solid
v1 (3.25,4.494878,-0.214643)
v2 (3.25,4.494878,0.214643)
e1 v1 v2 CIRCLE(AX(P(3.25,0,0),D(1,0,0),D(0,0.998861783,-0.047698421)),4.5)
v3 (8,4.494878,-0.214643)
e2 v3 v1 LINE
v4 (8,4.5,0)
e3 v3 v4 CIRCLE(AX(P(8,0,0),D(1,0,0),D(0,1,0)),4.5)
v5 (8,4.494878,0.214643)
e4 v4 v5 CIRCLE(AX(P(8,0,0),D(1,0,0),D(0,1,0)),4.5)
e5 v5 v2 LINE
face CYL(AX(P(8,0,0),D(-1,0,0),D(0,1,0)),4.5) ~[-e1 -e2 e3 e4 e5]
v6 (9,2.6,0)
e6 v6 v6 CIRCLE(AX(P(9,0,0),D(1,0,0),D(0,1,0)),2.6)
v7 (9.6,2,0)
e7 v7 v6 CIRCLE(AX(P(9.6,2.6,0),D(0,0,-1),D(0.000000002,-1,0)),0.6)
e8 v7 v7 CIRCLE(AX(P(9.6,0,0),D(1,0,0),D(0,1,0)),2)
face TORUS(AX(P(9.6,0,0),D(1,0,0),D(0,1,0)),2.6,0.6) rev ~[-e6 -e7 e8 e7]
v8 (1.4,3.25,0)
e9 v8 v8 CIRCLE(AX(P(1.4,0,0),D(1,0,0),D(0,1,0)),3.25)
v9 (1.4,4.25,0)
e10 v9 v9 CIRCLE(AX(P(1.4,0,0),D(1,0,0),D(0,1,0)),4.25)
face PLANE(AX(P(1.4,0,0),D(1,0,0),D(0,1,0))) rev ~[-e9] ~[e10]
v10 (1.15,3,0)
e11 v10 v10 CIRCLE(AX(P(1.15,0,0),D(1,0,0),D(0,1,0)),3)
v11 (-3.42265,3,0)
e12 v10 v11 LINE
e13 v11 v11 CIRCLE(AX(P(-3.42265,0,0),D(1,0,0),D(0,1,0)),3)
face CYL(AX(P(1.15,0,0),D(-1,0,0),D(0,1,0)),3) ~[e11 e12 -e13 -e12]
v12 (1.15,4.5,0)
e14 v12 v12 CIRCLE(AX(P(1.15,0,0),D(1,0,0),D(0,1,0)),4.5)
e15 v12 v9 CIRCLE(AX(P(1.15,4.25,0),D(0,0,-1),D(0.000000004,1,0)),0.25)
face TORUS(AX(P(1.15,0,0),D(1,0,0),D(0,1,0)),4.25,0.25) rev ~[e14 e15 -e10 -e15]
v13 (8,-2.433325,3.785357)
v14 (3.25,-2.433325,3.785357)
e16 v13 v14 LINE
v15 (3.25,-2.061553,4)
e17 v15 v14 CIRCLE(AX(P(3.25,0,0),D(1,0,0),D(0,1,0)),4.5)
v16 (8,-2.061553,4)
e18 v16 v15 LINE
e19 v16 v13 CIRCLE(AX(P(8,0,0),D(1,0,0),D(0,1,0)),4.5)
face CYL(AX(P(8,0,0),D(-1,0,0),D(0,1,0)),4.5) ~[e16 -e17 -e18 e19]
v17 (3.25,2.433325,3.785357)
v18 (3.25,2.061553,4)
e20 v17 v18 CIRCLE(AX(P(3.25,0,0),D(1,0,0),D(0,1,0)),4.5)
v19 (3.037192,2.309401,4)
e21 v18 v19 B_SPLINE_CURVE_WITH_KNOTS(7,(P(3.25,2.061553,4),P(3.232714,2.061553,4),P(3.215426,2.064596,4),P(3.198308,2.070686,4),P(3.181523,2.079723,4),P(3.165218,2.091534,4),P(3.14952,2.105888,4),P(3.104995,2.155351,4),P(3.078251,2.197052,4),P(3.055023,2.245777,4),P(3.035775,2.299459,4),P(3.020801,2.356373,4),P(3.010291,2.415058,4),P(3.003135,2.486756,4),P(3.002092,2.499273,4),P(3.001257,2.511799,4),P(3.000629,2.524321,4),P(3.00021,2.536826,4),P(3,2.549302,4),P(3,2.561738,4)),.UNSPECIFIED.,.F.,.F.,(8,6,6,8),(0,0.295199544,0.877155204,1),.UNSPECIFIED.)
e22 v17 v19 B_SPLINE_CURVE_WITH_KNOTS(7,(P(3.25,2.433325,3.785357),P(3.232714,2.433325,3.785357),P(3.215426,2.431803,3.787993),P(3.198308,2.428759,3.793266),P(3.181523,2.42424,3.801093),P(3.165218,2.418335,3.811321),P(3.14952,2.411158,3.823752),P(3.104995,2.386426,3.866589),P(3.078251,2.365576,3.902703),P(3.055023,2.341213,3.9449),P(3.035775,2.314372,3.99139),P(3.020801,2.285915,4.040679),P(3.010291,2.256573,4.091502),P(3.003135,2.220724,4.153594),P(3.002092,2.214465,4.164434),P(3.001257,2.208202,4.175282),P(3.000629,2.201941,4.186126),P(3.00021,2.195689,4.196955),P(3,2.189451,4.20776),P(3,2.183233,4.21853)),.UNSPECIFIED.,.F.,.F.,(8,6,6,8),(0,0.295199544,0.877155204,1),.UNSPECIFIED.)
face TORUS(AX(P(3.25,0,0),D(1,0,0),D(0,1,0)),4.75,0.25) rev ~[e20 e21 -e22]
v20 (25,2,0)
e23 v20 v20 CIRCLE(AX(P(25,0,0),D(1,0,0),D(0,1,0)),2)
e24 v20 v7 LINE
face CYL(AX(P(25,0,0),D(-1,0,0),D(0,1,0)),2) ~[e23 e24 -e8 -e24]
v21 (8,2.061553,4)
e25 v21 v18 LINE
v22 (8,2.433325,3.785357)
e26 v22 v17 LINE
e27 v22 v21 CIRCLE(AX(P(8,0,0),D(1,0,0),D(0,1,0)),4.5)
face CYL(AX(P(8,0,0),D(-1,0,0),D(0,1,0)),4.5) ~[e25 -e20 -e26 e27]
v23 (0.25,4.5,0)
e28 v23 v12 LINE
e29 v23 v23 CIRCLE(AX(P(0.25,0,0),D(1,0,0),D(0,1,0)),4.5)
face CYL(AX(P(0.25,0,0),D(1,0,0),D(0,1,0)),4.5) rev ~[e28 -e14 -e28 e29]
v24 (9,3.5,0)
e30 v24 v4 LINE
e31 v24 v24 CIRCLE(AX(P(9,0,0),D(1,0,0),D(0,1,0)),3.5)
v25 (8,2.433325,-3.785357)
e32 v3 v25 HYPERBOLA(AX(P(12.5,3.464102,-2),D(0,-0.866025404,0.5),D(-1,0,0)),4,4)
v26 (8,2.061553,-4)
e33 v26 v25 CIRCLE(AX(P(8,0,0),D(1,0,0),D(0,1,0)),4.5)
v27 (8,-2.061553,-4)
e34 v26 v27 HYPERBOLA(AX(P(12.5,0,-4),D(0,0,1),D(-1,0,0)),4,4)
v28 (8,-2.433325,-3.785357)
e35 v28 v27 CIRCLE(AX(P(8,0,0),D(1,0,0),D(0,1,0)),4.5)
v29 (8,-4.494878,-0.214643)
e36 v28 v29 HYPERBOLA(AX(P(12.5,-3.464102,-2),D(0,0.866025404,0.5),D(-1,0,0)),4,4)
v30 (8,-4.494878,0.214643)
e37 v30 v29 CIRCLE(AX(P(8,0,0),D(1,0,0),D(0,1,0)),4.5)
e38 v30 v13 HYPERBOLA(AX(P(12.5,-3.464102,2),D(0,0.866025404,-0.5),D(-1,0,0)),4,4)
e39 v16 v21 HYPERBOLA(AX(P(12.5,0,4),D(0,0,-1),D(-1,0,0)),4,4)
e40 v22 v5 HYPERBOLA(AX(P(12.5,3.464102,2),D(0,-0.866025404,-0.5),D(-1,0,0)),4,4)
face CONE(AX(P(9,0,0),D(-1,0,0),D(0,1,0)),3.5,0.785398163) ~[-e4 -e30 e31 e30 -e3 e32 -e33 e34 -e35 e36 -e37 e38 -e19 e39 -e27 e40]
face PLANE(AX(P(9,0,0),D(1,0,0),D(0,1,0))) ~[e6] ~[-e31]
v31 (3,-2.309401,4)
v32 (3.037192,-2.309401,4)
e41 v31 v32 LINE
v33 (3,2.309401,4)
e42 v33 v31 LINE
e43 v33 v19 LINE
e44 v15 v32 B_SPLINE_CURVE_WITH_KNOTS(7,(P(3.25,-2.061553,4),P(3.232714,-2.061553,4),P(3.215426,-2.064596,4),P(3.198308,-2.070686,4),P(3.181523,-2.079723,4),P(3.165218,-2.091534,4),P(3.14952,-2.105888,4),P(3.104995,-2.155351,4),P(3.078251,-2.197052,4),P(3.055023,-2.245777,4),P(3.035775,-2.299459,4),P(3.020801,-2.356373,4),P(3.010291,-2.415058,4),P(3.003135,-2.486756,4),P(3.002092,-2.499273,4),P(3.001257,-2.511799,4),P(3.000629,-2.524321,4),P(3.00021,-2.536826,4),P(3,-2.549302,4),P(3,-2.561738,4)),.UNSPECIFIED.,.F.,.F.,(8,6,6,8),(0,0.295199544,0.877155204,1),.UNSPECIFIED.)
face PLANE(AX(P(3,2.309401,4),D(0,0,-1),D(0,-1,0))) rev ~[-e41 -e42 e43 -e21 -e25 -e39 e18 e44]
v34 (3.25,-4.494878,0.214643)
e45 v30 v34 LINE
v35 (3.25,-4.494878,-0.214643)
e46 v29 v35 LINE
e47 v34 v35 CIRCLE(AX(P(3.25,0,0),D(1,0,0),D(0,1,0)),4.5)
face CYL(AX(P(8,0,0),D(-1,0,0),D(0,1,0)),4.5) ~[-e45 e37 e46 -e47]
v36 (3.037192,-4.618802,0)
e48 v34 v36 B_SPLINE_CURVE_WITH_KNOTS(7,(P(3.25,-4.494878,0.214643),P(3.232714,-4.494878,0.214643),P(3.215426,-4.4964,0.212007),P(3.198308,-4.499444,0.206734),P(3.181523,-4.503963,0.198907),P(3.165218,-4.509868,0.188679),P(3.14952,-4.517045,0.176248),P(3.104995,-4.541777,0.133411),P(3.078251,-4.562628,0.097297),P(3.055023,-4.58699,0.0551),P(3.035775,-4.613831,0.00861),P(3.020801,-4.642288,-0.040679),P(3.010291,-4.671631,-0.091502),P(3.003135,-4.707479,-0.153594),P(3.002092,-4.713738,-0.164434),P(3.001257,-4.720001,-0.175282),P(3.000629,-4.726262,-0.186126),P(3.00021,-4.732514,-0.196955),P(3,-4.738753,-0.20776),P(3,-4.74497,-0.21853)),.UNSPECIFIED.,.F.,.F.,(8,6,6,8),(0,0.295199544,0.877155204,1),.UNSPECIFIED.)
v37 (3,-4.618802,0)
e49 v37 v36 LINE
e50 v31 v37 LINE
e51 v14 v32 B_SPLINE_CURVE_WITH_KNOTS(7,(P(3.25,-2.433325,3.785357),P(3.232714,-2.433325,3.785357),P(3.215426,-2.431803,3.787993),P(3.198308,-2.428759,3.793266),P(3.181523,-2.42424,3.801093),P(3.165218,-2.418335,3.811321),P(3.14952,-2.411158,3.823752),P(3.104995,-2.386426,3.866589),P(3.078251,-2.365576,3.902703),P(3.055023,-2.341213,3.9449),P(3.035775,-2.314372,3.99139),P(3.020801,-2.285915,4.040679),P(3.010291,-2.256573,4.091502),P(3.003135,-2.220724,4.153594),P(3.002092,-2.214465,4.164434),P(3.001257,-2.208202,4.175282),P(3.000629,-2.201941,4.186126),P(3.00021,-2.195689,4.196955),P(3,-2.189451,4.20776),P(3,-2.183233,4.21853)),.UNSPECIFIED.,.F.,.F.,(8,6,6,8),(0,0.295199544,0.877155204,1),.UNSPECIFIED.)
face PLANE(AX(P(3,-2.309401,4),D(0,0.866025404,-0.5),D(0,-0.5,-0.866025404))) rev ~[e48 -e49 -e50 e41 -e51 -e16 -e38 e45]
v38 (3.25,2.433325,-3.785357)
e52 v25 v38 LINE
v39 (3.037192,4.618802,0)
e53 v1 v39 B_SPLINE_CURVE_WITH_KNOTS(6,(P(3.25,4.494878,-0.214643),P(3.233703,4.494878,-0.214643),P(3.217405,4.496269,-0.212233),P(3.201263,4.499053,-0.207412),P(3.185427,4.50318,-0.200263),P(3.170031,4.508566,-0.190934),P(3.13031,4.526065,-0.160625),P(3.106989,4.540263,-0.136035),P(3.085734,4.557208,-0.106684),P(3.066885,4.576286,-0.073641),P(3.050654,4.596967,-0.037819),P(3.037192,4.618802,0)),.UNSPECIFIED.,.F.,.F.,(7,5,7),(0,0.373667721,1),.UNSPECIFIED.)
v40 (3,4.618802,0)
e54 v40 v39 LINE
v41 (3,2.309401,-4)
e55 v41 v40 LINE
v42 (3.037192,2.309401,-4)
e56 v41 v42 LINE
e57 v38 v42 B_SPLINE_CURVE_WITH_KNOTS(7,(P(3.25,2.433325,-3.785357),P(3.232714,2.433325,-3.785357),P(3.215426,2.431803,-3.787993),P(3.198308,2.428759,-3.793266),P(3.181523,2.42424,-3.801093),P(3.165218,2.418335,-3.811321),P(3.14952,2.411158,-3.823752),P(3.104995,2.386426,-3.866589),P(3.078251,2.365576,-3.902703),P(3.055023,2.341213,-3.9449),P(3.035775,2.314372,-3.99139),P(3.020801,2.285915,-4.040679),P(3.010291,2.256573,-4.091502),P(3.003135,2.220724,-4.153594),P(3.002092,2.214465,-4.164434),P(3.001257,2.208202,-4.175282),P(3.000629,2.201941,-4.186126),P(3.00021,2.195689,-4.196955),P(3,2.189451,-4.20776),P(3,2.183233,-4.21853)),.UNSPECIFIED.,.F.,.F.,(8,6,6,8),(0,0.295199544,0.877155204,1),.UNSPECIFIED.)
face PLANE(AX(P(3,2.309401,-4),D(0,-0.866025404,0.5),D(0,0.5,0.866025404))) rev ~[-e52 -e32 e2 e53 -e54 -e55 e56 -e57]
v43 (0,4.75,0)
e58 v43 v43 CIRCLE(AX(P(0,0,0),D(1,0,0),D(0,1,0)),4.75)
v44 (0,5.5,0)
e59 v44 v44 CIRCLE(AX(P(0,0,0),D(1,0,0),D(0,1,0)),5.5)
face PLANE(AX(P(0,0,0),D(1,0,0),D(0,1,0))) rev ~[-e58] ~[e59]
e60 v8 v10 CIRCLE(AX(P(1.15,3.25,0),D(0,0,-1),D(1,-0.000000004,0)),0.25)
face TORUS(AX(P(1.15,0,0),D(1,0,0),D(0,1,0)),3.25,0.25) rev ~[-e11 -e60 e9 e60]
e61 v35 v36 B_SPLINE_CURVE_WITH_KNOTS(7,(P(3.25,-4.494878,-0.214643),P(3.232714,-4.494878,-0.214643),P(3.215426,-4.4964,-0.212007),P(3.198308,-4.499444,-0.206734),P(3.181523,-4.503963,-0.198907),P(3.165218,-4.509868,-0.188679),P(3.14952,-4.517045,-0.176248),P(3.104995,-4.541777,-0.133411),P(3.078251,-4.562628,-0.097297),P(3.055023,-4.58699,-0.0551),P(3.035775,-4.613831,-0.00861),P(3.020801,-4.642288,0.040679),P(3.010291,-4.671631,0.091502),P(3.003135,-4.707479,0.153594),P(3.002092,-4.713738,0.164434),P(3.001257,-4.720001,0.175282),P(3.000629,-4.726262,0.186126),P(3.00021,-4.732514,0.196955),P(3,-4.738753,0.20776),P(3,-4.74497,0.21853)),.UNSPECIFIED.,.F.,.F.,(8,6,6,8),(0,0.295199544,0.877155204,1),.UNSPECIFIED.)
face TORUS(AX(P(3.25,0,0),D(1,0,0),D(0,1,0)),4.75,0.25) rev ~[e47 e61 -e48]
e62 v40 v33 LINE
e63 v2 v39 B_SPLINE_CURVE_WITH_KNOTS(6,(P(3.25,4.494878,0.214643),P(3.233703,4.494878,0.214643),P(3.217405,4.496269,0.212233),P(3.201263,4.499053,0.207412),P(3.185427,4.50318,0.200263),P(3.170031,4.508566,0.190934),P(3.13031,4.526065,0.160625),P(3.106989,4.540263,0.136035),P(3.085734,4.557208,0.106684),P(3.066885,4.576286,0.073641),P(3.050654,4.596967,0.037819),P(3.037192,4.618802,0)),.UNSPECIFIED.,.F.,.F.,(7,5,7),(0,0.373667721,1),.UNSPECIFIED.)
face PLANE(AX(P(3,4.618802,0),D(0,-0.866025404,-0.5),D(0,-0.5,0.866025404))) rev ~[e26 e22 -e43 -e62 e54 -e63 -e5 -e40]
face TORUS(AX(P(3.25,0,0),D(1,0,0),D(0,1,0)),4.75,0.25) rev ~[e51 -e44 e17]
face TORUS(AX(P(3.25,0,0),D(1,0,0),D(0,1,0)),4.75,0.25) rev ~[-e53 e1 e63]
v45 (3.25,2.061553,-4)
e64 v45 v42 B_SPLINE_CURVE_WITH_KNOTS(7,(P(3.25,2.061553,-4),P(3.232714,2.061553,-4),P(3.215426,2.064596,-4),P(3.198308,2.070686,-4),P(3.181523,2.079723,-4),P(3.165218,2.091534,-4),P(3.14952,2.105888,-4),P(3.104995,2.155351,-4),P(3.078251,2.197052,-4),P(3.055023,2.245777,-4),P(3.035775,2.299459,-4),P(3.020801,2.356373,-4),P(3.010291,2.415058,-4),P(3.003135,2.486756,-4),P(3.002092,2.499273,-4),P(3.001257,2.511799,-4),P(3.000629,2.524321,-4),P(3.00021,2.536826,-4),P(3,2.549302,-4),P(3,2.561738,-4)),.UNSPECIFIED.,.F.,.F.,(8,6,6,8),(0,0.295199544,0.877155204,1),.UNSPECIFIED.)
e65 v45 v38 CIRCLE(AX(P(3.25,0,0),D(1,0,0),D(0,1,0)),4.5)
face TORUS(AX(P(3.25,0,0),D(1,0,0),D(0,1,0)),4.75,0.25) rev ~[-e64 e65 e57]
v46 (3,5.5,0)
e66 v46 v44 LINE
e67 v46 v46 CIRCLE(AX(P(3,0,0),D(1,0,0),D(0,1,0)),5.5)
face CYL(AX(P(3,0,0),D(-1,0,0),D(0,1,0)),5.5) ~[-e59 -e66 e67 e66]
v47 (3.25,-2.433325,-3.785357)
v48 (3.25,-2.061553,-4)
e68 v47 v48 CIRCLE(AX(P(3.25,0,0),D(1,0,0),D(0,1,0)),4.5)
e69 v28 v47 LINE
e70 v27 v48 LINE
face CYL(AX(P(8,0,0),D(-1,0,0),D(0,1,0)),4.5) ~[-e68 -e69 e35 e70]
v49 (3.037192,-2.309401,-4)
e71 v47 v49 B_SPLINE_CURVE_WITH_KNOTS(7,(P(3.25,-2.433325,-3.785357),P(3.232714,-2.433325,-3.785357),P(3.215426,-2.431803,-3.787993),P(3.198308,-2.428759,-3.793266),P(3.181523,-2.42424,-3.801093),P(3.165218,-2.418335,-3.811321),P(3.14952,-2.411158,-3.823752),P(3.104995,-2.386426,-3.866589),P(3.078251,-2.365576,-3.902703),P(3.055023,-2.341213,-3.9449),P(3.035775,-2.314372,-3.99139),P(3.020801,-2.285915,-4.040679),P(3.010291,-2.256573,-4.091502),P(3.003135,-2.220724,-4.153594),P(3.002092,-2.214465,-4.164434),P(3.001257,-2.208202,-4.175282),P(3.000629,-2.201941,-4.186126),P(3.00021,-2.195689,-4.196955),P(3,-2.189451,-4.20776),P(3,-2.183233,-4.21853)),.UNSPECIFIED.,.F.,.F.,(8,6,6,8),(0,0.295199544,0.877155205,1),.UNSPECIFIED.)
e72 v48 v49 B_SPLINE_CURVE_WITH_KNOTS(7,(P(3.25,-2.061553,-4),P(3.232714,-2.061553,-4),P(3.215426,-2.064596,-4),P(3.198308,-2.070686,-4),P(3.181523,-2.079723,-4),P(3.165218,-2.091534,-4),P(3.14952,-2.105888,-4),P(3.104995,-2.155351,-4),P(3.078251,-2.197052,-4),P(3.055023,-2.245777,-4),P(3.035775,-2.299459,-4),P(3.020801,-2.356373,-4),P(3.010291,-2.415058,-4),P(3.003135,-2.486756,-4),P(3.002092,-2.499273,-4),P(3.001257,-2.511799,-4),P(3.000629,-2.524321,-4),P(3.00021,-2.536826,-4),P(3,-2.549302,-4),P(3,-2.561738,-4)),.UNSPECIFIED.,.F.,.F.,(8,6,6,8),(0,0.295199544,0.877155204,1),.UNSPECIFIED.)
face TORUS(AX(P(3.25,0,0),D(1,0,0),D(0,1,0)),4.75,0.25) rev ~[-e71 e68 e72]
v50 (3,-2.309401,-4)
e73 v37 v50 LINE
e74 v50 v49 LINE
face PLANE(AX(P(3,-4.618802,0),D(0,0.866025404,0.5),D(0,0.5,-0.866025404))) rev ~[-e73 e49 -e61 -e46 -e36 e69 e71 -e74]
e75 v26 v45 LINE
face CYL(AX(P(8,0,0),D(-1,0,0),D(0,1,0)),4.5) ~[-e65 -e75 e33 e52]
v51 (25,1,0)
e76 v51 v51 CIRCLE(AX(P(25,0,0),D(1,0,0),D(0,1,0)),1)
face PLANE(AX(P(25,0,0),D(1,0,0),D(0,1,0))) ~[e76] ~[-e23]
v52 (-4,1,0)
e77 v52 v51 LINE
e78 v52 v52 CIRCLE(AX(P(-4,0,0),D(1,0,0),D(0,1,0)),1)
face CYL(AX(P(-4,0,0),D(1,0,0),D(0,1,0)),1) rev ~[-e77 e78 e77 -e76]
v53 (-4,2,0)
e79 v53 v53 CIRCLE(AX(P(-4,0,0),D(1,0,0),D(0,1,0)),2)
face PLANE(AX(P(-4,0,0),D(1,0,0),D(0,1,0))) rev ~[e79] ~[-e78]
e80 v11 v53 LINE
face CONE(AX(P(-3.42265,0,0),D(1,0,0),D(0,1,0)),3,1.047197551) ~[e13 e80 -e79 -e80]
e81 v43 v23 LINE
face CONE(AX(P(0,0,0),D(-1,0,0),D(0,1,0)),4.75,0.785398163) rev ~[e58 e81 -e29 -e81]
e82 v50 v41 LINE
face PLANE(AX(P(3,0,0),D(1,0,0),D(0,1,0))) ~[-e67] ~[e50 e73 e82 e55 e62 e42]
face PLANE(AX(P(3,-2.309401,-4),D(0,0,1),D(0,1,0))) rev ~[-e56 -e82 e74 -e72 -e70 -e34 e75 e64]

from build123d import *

# Parameters (mm, degrees)
CUT_EXTRUDE1_START = 3
SKETCH2_OUTSIDE_W  = 19.582
SKETCH2_OUTSIDE_H  = 19.582
CUT_EXTRUDE1_DEPTH = 10


with BuildPart() as part:
    # Sketch1 → Revolve1 (revolve)
    with BuildSketch(Plane.XY):
        with BuildLine():
            Line((0, 5.5), (0, 4.75))
            Line((0, 4.75), (0.25, 4.5))
            Line((0.25, 4.5), (1.15, 4.5))
            ThreePointArc((1.15, 4.5), (1.326776695, 4.426776695), (1.4, 4.25))
            Line((1.4, 4.25), (1.4, 3.25))
            ThreePointArc((1.4, 3.25), (1.326776695, 3.073223305), (1.15, 3))
            Line((1.15, 3), (-3.422649731, 3))
            Line((-3.422649731, 3), (-4, 2))
            Line((-4, 2), (-4, 1))
            Line((-4, 1), (25, 1))
            Line((25, 1), (25, 2))
            Line((25, 2), (9.6, 2))
            ThreePointArc((9.6, 2), (9.175735931, 2.175735931), (9, 2.6))
            Line((9, 2.6), (9, 3.5))
            Line((9, 3.5), (8, 4.5))
            Line((8, 4.5), (3.25, 4.5))
            ThreePointArc((3.25, 4.5), (3.073223305, 4.573223305), (3, 4.75))
            Line((3, 4.75), (3, 5.5))
            Line((3, 5.5), (0, 5.5))
        make_face()
    revolve(axis=Axis((-88.99, 0, 0), (1, 0, 0)))

    # Sketch2 outside → Cut-Extrude1 (cut)
    with BuildSketch(Plane(origin=(0, 0, 0), x_dir=(0, 0, -1), z_dir=(1, 0, 0)).offset(CUT_EXTRUDE1_START)):
        Rectangle(SKETCH2_OUTSIDE_W, SKETCH2_OUTSIDE_H)
        Polygon((0, 4.618802154), (-4, 2.309401077), (-4, -2.309401077), (0, -4.618802154), (4, -2.309401077), (4, 2.309401077), align=None, mode=Mode.SUBTRACT)
    extrude(amount=CUT_EXTRUDE1_DEPTH, mode=Mode.SUBTRACT)


solid = part.part
